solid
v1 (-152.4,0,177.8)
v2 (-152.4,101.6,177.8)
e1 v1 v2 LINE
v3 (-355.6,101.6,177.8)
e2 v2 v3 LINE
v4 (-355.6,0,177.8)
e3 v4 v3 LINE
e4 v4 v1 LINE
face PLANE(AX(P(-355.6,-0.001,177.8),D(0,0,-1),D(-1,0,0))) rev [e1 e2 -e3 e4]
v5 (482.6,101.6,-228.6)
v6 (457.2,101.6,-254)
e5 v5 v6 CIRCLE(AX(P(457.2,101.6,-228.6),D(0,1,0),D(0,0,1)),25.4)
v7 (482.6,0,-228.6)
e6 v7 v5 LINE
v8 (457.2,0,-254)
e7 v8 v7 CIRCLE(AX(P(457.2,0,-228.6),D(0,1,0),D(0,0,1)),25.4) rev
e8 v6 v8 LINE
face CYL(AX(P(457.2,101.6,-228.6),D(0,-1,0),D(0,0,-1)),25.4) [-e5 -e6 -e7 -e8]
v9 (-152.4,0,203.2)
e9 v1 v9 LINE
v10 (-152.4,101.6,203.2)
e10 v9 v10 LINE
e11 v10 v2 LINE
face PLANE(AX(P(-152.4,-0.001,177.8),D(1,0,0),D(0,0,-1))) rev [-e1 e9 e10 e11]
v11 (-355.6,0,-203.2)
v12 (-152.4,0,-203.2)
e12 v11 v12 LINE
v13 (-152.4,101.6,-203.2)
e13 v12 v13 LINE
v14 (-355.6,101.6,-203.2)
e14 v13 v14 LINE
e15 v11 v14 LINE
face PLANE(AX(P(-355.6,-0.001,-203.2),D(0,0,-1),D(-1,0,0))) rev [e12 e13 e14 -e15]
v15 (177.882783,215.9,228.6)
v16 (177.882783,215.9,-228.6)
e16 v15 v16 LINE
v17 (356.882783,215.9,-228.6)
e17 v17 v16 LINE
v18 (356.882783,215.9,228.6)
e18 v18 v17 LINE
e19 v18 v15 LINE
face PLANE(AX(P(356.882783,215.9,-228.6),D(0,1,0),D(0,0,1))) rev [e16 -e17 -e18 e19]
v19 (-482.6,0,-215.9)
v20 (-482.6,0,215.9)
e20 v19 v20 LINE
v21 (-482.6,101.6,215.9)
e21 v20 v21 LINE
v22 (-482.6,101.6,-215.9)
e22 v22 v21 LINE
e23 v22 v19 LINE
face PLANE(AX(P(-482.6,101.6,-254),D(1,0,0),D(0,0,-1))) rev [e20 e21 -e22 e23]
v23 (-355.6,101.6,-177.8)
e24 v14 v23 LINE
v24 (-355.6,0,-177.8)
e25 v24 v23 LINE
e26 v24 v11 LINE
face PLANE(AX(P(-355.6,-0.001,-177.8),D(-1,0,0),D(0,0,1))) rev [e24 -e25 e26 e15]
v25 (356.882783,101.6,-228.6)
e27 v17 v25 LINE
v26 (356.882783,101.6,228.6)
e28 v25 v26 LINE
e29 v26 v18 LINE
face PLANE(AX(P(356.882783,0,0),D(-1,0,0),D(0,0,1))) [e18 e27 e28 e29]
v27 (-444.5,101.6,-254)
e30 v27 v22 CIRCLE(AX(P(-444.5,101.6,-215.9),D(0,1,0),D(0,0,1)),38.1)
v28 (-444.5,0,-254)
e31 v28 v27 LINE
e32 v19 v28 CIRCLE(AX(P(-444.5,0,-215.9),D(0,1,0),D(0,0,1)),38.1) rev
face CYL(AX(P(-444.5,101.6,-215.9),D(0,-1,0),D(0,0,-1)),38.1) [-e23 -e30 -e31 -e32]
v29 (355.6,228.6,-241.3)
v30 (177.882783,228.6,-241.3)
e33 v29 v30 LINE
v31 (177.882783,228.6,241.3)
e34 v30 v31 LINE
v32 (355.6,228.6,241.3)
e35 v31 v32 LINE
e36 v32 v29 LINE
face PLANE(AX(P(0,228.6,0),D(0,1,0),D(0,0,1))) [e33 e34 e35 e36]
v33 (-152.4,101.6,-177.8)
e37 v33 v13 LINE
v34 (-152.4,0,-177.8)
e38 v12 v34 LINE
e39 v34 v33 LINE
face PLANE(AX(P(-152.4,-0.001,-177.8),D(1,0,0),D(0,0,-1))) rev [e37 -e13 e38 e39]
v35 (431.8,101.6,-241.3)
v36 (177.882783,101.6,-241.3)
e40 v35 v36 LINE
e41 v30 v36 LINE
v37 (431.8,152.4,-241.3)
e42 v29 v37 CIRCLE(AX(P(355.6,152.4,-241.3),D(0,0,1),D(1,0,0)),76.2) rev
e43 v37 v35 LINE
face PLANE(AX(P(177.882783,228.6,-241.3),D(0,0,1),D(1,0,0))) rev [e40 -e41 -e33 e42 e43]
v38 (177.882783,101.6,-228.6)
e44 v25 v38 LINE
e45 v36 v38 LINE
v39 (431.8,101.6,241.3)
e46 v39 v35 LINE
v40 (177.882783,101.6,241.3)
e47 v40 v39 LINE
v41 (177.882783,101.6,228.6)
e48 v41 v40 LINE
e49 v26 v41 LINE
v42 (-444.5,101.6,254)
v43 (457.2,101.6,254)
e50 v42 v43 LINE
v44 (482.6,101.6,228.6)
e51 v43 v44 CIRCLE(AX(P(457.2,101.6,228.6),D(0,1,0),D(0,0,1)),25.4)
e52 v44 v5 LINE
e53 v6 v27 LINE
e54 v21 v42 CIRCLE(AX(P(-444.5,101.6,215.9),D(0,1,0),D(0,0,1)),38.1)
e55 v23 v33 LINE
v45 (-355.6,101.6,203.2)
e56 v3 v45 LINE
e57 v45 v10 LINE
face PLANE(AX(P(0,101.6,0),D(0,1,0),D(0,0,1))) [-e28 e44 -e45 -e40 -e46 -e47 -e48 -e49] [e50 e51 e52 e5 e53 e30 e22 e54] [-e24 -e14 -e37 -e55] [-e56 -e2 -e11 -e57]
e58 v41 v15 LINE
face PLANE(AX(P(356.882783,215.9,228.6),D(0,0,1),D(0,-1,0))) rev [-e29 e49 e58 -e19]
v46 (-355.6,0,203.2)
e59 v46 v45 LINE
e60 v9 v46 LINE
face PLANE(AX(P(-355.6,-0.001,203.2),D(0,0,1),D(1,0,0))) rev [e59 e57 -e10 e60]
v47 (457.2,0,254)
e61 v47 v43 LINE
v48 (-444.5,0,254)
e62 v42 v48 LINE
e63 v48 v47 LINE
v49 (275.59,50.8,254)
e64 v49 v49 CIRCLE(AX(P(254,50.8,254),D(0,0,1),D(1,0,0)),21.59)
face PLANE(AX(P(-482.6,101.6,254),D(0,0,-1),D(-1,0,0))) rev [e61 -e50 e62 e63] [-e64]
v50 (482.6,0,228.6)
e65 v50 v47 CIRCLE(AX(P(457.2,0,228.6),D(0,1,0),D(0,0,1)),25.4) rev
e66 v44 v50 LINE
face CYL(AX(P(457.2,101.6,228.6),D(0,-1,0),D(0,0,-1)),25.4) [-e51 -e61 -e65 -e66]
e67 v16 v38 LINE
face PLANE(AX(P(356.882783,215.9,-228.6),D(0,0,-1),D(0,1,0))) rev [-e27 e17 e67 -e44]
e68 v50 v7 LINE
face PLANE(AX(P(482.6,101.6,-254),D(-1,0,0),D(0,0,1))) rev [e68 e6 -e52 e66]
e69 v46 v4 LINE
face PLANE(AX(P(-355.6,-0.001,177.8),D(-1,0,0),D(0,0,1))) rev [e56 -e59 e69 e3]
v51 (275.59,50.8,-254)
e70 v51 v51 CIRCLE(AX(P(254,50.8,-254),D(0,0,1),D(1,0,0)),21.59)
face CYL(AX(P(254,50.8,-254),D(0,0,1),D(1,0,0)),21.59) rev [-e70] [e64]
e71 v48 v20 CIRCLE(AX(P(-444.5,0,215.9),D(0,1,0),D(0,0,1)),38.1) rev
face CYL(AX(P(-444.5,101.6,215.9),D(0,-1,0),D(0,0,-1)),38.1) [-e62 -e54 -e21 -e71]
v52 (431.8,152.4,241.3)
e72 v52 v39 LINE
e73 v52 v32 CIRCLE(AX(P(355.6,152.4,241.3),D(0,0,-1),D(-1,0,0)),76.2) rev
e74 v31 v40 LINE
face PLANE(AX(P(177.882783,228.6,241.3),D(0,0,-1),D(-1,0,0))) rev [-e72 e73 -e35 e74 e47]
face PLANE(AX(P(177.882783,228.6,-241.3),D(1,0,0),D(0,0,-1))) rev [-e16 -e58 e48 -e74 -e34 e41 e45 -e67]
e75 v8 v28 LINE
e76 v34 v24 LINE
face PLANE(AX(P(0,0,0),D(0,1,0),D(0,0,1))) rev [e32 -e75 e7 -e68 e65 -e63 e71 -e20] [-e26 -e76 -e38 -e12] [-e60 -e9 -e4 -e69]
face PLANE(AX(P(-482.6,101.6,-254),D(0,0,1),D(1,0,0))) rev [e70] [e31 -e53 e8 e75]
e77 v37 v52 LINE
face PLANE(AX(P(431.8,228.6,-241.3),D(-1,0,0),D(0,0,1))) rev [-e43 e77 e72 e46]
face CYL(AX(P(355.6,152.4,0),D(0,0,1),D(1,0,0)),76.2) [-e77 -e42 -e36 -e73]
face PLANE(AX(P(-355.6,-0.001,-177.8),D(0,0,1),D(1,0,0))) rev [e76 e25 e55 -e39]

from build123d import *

# Parameters (mm, degrees)
SKETCH1_W           = 965.2
SKETCH1_H           = 508
BOSS_EXTRUDE1_DEPTH = 101.6
SKETCH2_R           = 21.59
CUT_EXTRUDE1_DEPTH  = 509
FILLET1_R           = 38.1
FILLET2_R           = 25.4
CUT_EXTRUDE2_REACH  = 103.6
SKETCH4_W           = 203.2
SKETCH4_H           = 25.4
SKETCH6_W           = 253.917216802
SKETCH6_H           = 482.6
BOSS_EXTRUDE3_DEPTH = 127
FILLET4_R           = 76.2
SKETCH7_W           = 457.2
SKETCH7_H           = 114.3
CUT_EXTRUDE4_DEPTH  = 179


with BuildPart() as part:
    # Sketch1 → Boss-Extrude1 (new body)
    with BuildSketch(Plane(origin=(0, 0, 0), x_dir=(1, 0, 0), z_dir=(0, 1, 0))):
        Rectangle(SKETCH1_W, SKETCH1_H)
    extrude(amount=BOSS_EXTRUDE1_DEPTH)

    # Sketch2 → Cut-Extrude1 (cut, through all)
    with BuildSketch(Plane.XY.offset(254)):
        with Locations((254, 50.8)):
            Circle(SKETCH2_R)
    extrude(amount=-CUT_EXTRUDE1_DEPTH, mode=Mode.SUBTRACT)

    # Fillet1
    fillet1_edges = [part.edges().sort_by_distance(p)[0] for p in [
        (-482.6, 50.8, -254),
        (-482.6, 50.8, 254),
    ]]
    fillet(fillet1_edges, radius=FILLET1_R)

    # Fillet2
    fillet2_edges = [part.edges().sort_by_distance(p)[0] for p in [
        (482.6, 50.8, -254),
        (482.6, 50.8, 254),
    ]]
    fillet(fillet2_edges, radius=FILLET2_R)

    # Sketch4 → Cut-Extrude2 (cut, up to next)
    with BuildSketch(Plane(origin=(0, 101.6, 0), x_dir=(1, 0, 0), z_dir=(0, 1, 0)), mode=Mode.PRIVATE) as cut_extrude2_sk1:
        with Locations((-254, -190.5)):
            Rectangle(SKETCH4_W, SKETCH4_H)
    cut_extrude2_tool1 = extrude(cut_extrude2_sk1.sketch, amount=-CUT_EXTRUDE2_REACH, mode=Mode.PRIVATE) & part.part
    add(cut_extrude2_tool1.solids().sort_by_distance((-254, 101.6, 190.5))[0], mode=Mode.SUBTRACT)
    # Sketch4 → Cut-Extrude2 (cut, up to next)
    with BuildSketch(Plane(origin=(0, 101.6, 0), x_dir=(1, 0, 0), z_dir=(0, 1, 0)), mode=Mode.PRIVATE) as cut_extrude2_sk2:
        with Locations((-254, 190.5)):
            Rectangle(SKETCH4_W, SKETCH4_H)
    cut_extrude2_tool2 = extrude(cut_extrude2_sk2.sketch, amount=-CUT_EXTRUDE2_REACH, mode=Mode.PRIVATE) & part.part
    add(cut_extrude2_tool2.solids().sort_by_distance((-254, 101.6, -190.5))[0], mode=Mode.SUBTRACT)

    # Sketch6 → Boss-Extrude3 (add)
    with BuildSketch(Plane(origin=(0, 101.6, 0), x_dir=(1, 0, 0), z_dir=(0, 1, 0))):
        with Locations((304.841391599, 0)):
            Rectangle(SKETCH6_W, SKETCH6_H)
    extrude(amount=BOSS_EXTRUDE3_DEPTH)

    # Fillet4
    fillet4_edges = [part.edges().sort_by_distance(p)[0] for p in [
        (431.8, 228.6, 0),
    ]]
    fillet(fillet4_edges, radius=FILLET4_R)

    # Sketch7 → Cut-Extrude4 (cut)
    with BuildSketch(Plane.ZY.offset(-177.882783198)):
        with Locations((0, 158.75)):
            Rectangle(SKETCH7_W, SKETCH7_H)
    extrude(amount=-CUT_EXTRUDE4_DEPTH, mode=Mode.SUBTRACT)


solid = part.part
